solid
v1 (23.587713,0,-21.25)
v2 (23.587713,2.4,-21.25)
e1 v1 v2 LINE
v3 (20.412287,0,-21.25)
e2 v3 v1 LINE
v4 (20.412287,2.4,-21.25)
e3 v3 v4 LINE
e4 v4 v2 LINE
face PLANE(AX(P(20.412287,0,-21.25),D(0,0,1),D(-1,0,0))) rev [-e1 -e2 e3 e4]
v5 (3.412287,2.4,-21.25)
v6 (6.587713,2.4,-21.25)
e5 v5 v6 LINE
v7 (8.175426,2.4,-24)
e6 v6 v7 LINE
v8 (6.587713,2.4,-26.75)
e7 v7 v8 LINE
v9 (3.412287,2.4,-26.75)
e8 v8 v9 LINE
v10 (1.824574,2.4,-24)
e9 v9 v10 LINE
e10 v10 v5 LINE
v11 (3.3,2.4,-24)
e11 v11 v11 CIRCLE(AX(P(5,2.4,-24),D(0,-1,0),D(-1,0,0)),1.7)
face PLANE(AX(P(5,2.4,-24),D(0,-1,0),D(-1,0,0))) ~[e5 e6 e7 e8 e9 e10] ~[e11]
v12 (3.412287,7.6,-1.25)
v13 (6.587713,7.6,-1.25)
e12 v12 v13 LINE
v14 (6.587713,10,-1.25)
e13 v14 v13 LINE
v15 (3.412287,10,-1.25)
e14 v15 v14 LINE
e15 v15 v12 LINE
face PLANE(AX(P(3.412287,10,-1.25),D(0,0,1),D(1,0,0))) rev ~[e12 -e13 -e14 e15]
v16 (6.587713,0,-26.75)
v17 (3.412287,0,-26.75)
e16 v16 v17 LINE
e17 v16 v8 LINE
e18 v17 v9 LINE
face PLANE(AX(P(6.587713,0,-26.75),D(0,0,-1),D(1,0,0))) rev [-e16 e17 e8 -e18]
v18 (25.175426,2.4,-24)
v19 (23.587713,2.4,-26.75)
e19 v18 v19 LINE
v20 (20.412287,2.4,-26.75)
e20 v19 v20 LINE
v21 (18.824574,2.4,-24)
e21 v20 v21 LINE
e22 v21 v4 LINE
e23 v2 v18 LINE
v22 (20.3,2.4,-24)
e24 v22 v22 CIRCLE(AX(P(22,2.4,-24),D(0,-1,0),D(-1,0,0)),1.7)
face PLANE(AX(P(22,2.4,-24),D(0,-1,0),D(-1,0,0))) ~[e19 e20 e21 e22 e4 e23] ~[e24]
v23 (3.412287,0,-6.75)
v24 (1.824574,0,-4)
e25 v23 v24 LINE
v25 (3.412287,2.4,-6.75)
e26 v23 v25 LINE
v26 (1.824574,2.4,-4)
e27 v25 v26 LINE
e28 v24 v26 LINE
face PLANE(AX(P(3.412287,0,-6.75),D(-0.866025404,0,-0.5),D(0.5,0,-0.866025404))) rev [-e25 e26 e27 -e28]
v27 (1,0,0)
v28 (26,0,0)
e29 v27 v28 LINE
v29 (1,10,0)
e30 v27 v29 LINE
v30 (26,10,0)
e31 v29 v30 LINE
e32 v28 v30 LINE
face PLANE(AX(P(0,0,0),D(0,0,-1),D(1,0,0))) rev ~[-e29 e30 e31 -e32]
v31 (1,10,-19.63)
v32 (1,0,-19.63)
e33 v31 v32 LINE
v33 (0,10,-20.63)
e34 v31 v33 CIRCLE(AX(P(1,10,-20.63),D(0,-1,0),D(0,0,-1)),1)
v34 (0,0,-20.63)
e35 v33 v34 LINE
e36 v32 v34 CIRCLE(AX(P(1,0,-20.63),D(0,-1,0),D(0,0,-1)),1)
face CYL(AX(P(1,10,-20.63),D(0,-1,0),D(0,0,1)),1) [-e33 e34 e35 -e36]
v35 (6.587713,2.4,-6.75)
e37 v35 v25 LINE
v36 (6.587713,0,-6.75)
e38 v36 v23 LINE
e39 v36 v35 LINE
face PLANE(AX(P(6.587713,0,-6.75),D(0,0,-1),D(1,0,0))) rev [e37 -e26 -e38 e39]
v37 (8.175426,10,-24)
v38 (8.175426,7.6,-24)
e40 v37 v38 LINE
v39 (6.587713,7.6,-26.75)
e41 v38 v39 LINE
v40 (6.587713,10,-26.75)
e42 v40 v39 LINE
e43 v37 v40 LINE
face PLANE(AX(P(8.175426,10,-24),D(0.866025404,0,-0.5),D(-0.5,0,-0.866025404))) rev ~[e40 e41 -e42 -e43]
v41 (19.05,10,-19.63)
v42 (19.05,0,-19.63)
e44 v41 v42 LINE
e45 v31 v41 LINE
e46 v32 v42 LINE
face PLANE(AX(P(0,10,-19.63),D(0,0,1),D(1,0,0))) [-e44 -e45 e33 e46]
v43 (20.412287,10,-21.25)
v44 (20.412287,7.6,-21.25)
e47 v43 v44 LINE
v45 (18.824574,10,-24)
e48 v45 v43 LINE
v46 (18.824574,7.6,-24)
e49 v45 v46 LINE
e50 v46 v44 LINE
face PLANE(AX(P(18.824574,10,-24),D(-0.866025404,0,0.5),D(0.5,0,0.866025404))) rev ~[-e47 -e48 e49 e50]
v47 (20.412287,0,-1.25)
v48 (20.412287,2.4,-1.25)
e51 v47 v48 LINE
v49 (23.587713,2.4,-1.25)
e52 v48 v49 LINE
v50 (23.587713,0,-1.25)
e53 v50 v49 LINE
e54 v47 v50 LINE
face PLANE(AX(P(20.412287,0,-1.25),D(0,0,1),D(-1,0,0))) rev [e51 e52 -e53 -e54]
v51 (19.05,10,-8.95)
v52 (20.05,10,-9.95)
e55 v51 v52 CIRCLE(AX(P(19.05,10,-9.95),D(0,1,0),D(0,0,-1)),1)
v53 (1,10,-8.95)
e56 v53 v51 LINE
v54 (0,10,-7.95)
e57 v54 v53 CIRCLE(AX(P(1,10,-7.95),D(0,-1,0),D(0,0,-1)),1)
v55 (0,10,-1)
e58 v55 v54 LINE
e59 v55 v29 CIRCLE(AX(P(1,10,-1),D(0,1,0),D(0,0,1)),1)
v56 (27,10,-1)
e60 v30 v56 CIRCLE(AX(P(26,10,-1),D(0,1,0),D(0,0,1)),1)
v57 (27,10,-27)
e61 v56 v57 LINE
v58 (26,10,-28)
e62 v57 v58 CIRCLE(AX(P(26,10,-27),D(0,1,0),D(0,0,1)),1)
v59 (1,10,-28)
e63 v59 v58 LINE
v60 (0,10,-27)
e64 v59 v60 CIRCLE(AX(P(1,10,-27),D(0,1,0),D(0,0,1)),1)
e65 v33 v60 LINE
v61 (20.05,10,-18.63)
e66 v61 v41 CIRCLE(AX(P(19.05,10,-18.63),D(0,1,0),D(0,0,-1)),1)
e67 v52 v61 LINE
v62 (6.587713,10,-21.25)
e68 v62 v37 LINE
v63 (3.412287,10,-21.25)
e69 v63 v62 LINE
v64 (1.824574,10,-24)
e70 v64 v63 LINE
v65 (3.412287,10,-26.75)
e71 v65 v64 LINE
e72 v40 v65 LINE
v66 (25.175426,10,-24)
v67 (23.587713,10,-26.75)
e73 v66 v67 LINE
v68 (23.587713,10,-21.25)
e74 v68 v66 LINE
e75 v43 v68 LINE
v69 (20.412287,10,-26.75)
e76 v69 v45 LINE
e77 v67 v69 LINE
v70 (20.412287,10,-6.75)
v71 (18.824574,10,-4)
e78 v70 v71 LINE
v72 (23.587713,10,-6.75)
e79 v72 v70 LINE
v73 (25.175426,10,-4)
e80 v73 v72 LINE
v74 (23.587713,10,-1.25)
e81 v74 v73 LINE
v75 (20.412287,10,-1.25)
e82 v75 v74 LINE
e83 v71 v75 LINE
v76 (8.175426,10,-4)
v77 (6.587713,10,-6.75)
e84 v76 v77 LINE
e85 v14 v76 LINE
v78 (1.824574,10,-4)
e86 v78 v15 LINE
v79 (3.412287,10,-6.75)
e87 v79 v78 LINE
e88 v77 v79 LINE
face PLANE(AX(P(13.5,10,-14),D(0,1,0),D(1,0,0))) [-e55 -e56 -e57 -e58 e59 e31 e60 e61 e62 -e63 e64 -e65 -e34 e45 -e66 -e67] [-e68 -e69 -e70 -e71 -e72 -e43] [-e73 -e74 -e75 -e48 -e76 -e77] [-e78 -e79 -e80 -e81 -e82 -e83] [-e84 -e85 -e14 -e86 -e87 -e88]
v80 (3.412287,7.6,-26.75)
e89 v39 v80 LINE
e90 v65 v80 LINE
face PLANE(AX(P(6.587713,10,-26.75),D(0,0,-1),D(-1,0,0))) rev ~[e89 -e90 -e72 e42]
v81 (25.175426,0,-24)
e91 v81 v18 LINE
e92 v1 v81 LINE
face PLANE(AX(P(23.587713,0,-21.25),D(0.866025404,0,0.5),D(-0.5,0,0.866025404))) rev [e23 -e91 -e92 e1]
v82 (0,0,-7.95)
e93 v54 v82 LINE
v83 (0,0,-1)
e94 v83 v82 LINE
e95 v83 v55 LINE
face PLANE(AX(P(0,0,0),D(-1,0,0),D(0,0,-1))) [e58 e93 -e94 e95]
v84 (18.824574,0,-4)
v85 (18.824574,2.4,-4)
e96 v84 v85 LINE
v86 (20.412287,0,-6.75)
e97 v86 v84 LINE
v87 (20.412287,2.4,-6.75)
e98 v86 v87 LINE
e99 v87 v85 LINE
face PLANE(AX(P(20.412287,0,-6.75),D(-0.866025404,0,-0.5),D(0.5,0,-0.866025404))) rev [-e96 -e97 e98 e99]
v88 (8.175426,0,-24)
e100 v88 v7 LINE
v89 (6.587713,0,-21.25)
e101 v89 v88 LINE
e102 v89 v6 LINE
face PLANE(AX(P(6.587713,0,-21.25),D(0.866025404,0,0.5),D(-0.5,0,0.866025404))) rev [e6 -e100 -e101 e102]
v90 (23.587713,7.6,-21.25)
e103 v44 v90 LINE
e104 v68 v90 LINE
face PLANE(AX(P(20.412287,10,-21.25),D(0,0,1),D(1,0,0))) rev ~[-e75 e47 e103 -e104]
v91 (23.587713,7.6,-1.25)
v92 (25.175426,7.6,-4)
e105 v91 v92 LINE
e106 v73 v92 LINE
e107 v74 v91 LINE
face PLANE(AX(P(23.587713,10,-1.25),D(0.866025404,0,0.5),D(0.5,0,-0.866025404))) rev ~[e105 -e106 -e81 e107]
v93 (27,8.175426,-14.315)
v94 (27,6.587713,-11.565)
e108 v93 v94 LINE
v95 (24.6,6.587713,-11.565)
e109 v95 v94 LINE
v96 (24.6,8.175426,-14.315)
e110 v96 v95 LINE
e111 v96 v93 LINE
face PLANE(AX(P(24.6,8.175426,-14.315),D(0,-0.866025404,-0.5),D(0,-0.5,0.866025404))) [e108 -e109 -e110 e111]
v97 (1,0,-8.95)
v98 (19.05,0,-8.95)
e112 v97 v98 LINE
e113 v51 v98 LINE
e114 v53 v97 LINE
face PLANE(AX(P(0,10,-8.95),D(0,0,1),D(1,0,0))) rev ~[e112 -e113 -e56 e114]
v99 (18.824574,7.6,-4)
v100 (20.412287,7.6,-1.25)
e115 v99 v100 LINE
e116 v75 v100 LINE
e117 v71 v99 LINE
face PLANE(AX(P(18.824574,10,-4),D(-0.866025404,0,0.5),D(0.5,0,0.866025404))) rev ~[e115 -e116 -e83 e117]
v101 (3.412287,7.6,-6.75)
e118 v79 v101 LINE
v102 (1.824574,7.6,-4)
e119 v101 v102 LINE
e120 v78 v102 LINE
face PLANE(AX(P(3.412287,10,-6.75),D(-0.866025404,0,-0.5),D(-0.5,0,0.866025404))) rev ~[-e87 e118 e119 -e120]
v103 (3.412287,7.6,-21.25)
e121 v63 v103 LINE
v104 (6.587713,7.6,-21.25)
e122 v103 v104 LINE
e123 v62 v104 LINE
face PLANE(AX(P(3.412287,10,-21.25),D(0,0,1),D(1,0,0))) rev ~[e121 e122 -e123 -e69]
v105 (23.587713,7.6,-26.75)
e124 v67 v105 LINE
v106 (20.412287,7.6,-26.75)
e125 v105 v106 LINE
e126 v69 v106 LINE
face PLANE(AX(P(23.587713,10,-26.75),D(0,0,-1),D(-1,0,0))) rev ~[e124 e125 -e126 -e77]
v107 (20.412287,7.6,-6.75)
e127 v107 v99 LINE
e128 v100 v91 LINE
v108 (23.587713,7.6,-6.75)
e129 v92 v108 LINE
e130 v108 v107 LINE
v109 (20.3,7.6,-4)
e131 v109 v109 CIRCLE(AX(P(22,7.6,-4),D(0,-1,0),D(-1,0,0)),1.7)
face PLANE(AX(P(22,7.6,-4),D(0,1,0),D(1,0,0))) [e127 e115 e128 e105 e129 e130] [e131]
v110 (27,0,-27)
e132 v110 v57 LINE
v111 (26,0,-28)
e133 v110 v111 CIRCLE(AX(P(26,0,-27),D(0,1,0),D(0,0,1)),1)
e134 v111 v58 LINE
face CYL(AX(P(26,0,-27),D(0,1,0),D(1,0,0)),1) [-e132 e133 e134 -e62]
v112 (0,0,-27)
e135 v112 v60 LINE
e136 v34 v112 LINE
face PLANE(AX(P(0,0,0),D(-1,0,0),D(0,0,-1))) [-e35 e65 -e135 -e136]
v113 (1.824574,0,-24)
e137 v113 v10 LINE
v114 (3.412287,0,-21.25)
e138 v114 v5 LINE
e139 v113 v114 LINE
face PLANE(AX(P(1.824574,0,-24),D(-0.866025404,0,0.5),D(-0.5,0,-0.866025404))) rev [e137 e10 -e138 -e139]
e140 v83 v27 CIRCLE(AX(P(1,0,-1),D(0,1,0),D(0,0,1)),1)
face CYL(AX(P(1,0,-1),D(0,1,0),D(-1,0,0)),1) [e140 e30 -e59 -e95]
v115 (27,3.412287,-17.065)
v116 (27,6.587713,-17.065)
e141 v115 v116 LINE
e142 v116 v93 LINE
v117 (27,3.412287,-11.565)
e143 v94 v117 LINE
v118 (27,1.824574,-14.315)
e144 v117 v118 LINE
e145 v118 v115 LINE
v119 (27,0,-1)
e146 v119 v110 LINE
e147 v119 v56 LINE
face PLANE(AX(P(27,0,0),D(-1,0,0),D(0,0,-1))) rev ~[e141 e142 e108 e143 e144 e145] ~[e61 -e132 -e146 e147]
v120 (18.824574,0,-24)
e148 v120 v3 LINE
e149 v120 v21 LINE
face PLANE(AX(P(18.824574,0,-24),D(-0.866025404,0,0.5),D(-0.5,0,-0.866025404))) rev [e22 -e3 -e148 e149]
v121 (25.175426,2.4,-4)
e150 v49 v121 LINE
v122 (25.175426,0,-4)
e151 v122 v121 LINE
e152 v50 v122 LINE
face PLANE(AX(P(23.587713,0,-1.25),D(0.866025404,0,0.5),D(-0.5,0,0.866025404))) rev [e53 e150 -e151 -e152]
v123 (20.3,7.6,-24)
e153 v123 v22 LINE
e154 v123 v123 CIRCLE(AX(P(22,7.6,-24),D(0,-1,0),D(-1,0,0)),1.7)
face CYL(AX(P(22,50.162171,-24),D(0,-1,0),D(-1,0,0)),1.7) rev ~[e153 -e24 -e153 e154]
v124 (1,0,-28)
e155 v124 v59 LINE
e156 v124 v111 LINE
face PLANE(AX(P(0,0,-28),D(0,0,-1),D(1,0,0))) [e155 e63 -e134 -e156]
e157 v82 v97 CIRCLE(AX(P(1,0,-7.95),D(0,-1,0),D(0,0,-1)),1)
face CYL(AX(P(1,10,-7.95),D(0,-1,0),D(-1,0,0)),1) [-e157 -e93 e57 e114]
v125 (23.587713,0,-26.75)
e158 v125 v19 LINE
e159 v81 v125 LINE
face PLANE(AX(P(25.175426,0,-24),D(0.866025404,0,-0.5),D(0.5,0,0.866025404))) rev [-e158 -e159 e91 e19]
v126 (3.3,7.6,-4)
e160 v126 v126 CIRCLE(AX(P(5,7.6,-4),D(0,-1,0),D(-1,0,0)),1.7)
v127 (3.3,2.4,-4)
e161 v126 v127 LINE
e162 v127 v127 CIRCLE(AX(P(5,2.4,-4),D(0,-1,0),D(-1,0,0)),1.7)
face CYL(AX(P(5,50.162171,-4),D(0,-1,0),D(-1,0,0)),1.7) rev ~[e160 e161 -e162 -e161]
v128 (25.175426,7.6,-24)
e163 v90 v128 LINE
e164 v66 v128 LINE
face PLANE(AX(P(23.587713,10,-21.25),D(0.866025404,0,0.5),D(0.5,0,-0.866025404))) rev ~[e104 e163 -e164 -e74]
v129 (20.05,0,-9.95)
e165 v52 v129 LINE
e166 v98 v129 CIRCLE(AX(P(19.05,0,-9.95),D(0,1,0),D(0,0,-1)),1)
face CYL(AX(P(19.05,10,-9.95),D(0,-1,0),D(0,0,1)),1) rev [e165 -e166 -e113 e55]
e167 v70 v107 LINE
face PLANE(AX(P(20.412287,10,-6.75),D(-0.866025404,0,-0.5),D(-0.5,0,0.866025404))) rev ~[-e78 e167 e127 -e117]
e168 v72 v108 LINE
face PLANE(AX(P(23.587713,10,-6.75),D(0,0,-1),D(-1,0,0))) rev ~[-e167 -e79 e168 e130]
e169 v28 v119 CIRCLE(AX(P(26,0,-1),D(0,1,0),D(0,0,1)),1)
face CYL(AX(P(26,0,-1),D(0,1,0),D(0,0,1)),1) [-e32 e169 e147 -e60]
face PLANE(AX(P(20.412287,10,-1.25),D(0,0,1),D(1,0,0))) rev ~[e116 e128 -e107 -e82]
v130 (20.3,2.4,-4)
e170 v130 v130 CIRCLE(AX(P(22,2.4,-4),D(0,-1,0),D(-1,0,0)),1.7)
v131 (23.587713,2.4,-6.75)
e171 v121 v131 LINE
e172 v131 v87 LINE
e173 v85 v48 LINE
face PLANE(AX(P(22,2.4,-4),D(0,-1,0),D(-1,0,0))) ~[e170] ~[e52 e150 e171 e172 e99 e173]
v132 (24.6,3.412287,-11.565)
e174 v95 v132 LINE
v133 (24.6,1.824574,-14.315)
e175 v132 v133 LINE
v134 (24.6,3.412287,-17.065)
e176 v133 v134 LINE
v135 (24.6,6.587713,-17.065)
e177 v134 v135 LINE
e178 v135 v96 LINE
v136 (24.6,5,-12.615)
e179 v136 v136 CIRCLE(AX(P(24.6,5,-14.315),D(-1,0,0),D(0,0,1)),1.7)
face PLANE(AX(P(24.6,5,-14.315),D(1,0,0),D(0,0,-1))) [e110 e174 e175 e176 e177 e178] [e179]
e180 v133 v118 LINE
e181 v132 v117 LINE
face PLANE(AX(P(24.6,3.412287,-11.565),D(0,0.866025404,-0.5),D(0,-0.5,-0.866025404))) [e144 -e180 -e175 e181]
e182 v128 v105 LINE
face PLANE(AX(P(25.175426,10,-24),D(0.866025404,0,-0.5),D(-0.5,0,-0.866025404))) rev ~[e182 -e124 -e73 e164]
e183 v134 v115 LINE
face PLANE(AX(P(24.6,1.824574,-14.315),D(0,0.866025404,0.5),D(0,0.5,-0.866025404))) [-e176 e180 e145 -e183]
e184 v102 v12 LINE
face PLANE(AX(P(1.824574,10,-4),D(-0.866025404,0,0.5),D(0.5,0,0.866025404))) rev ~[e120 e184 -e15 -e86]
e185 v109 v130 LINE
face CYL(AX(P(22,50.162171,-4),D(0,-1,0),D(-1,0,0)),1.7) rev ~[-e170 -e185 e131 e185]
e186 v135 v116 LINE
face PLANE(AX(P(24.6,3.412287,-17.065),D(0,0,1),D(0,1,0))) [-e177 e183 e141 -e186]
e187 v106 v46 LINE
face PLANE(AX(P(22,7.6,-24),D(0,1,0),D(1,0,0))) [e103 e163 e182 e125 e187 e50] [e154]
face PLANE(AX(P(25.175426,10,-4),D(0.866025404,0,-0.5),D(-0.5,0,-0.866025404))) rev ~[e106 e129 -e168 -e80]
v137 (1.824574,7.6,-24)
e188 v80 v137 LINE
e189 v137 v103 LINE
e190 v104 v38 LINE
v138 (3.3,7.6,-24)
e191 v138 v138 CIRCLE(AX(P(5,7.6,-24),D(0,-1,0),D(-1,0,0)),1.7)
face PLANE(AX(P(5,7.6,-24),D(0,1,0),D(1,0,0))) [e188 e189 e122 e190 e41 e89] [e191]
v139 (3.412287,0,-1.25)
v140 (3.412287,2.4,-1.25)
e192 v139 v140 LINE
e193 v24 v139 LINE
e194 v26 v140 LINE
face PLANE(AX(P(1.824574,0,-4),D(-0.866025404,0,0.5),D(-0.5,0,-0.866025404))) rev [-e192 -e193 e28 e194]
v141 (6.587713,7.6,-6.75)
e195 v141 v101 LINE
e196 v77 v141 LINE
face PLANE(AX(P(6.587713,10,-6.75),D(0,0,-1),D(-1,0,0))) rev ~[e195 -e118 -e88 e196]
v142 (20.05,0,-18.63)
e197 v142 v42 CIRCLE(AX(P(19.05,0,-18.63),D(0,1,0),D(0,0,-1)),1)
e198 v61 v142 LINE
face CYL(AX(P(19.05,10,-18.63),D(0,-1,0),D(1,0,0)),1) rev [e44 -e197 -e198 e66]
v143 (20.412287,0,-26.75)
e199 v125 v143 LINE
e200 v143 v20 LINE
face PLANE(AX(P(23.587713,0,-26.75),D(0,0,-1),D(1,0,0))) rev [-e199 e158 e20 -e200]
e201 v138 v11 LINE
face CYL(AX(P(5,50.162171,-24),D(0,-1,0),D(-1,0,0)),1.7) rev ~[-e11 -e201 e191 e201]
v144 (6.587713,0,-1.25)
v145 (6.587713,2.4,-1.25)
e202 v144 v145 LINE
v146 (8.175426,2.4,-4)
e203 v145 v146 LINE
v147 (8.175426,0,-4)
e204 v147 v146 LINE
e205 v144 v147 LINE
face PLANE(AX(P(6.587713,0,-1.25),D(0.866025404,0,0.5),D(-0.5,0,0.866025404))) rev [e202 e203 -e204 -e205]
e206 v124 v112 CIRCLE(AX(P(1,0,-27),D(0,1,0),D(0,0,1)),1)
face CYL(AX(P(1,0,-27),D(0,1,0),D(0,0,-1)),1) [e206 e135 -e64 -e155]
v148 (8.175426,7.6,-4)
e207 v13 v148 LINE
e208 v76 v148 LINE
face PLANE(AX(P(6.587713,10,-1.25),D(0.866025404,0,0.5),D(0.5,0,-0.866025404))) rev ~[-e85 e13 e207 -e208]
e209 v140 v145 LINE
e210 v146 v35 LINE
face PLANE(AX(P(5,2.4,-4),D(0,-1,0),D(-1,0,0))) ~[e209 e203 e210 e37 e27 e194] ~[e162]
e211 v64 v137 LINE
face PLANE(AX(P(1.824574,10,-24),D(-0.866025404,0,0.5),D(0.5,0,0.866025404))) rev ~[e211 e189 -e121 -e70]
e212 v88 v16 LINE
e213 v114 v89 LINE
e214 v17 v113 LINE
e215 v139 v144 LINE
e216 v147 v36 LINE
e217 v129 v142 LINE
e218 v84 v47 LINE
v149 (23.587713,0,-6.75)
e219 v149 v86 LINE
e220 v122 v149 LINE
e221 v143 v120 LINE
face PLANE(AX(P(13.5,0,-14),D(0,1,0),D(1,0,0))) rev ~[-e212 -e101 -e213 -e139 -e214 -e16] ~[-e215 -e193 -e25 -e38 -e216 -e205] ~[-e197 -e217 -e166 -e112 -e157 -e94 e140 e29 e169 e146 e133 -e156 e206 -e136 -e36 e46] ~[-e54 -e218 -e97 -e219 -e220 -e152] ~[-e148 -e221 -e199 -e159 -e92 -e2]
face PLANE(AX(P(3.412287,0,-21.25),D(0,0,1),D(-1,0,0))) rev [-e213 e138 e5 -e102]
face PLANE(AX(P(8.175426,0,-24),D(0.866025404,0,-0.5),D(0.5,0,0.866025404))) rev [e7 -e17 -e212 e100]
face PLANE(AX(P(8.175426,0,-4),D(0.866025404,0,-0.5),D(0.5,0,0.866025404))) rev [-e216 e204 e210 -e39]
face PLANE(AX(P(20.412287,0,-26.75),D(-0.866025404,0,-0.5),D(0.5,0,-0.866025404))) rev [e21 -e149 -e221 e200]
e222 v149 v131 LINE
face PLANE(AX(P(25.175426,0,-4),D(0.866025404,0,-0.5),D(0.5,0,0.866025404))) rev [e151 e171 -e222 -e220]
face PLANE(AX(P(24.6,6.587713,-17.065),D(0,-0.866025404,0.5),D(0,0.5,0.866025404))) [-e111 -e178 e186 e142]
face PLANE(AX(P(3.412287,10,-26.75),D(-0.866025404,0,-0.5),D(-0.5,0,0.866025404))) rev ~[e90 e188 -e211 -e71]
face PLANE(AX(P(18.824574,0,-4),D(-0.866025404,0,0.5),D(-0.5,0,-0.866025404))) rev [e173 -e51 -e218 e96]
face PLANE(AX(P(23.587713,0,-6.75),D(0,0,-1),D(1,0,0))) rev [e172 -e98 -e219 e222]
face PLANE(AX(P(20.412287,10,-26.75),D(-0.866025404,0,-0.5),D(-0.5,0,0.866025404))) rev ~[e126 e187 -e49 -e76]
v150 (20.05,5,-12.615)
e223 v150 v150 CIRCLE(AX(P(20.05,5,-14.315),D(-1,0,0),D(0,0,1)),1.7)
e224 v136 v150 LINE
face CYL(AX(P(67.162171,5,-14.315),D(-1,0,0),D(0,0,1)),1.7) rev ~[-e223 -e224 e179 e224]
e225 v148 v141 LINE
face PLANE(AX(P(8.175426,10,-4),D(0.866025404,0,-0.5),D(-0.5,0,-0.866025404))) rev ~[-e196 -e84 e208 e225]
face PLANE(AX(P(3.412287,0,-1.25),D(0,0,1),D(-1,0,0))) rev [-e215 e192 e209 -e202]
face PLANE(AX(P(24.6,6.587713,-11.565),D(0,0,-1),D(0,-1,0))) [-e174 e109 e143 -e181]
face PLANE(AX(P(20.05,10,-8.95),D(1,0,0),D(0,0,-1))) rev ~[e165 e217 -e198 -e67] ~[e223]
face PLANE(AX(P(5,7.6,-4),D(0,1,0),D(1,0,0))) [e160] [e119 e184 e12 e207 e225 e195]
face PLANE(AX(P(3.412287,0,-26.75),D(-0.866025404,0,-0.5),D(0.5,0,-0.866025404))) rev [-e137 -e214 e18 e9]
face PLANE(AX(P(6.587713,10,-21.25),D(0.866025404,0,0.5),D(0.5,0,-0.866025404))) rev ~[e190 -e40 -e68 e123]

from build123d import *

# Parameters (mm, degrees)
SKETCH1_W            = 27
SKETCH1_H            = 28
BOSS_EXTRUDE1_DEPTH  = 10
SKETCH2_W            = 20.05
SKETCH2_H            = 10.68
CUT_EXTRUDE1_DEPTH   = 11
M3_CLEARANCE_HOLE1_D = 3.4
M3_CLEARANCE_HOLE2_D = 3.4
CUT_EXTRUDE2_DEPTH   = 2.4
FILLET1_R            = 1
CUT_EXTRUDE8_START   = -2.4
CUT_EXTRUDE8_DEPTH   = 2.4


with BuildPart() as part:
    # Sketch1 → Boss-Extrude1 (new body)
    with BuildSketch(Plane(origin=(0, 0, 0), x_dir=(1, 0, 0), z_dir=(0, 1, 0))):
        with Locations((13.5, 14)):
            Rectangle(SKETCH1_W, SKETCH1_H)
    extrude(amount=BOSS_EXTRUDE1_DEPTH)

    # Sketch2 → Cut-Extrude1 (cut, through all)
    with BuildSketch(Plane(origin=(0, 10, 0), x_dir=(1, 0, 0), z_dir=(0, 1, 0))):
        with Locations((10.025, 14.29)):
            Rectangle(SKETCH2_W, SKETCH2_H)
    extrude(amount=-CUT_EXTRUDE1_DEPTH, mode=Mode.SUBTRACT)

    # M3 Clearance Hole1 (through all)
    with Locations(Plane(origin=(27, 0, 0), x_dir=(0, 0, -1), z_dir=(1, 0, 0))):
        with Locations((14.315, 4.999999998)):
            Hole(M3_CLEARANCE_HOLE1_D / 2)

    # M3 Clearance Hole2 (through all)
    with Locations(Plane(origin=(0, 10, 0), x_dir=(1, 0, 0), z_dir=(0, 1, 0))):
        with Locations((5, 24), (22, 24), (22, 4), (5, 4)):
            Hole(M3_CLEARANCE_HOLE2_D / 2)

    # Sketch7 → Cut-Extrude2 (cut)
    with BuildSketch(Plane(origin=(0, 10, 0), x_dir=(1, 0, 0), z_dir=(0, 1, 0))):
        Polygon((6.58771324, 1.25), (8.175426481, 4), (6.58771324, 6.75), (3.41228676, 6.75), (1.824573519, 4), (3.41228676, 1.25), align=None)
        Polygon((23.58771324, 1.25), (25.175426481, 4), (23.58771324, 6.75), (20.41228676, 6.75), (18.824573519, 4), (20.41228676, 1.25), align=None)
        Polygon((23.58771324, 21.25), (25.175426481, 24), (23.58771324, 26.75), (20.41228676, 26.75), (18.824573519, 24), (20.41228676, 21.25), align=None)
        Polygon((6.58771324, 21.25), (8.175426481, 24), (6.58771324, 26.75), (3.41228676, 26.75), (1.824573519, 24), (3.41228676, 21.25), align=None)
    cut_extrude2 = extrude(amount=-CUT_EXTRUDE2_DEPTH, mode=Mode.SUBTRACT)

    # Mirror1: Cut-Extrude2 across plane
    add(cut_extrude2.mirror(Plane.ZX.offset(5)), mode=Mode.SUBTRACT)

    # Fillet1
    fillet1_edges = [part.edges().sort_by_distance(p)[0] for p in [
        (0, 5, -8.95),
        (0, 5, -19.63),
        (20.05, 5, -19.63),
        (20.05, 5, -8.95),
        (0, 5, -28),
        (27, 5, -28),
        (27, 5, 0),
        (0, 5, 0),
    ]]
    fillet(fillet1_edges, radius=FILLET1_R)

    # Sketch12 → Cut-Extrude8 (cut)
    with BuildSketch(Plane(origin=(27, 0, 0), x_dir=(0, 0, -1), z_dir=(1, 0, 0)).offset(CUT_EXTRUDE8_START)):
        Polygon((14.315, 1.824573517), (17.065, 3.412286757), (17.065, 6.587713238), (14.315, 8.175426478), (11.565, 6.587713238), (11.565, 3.412286757), align=None)
    extrude(amount=CUT_EXTRUDE8_DEPTH, mode=Mode.SUBTRACT)


solid = part.part
